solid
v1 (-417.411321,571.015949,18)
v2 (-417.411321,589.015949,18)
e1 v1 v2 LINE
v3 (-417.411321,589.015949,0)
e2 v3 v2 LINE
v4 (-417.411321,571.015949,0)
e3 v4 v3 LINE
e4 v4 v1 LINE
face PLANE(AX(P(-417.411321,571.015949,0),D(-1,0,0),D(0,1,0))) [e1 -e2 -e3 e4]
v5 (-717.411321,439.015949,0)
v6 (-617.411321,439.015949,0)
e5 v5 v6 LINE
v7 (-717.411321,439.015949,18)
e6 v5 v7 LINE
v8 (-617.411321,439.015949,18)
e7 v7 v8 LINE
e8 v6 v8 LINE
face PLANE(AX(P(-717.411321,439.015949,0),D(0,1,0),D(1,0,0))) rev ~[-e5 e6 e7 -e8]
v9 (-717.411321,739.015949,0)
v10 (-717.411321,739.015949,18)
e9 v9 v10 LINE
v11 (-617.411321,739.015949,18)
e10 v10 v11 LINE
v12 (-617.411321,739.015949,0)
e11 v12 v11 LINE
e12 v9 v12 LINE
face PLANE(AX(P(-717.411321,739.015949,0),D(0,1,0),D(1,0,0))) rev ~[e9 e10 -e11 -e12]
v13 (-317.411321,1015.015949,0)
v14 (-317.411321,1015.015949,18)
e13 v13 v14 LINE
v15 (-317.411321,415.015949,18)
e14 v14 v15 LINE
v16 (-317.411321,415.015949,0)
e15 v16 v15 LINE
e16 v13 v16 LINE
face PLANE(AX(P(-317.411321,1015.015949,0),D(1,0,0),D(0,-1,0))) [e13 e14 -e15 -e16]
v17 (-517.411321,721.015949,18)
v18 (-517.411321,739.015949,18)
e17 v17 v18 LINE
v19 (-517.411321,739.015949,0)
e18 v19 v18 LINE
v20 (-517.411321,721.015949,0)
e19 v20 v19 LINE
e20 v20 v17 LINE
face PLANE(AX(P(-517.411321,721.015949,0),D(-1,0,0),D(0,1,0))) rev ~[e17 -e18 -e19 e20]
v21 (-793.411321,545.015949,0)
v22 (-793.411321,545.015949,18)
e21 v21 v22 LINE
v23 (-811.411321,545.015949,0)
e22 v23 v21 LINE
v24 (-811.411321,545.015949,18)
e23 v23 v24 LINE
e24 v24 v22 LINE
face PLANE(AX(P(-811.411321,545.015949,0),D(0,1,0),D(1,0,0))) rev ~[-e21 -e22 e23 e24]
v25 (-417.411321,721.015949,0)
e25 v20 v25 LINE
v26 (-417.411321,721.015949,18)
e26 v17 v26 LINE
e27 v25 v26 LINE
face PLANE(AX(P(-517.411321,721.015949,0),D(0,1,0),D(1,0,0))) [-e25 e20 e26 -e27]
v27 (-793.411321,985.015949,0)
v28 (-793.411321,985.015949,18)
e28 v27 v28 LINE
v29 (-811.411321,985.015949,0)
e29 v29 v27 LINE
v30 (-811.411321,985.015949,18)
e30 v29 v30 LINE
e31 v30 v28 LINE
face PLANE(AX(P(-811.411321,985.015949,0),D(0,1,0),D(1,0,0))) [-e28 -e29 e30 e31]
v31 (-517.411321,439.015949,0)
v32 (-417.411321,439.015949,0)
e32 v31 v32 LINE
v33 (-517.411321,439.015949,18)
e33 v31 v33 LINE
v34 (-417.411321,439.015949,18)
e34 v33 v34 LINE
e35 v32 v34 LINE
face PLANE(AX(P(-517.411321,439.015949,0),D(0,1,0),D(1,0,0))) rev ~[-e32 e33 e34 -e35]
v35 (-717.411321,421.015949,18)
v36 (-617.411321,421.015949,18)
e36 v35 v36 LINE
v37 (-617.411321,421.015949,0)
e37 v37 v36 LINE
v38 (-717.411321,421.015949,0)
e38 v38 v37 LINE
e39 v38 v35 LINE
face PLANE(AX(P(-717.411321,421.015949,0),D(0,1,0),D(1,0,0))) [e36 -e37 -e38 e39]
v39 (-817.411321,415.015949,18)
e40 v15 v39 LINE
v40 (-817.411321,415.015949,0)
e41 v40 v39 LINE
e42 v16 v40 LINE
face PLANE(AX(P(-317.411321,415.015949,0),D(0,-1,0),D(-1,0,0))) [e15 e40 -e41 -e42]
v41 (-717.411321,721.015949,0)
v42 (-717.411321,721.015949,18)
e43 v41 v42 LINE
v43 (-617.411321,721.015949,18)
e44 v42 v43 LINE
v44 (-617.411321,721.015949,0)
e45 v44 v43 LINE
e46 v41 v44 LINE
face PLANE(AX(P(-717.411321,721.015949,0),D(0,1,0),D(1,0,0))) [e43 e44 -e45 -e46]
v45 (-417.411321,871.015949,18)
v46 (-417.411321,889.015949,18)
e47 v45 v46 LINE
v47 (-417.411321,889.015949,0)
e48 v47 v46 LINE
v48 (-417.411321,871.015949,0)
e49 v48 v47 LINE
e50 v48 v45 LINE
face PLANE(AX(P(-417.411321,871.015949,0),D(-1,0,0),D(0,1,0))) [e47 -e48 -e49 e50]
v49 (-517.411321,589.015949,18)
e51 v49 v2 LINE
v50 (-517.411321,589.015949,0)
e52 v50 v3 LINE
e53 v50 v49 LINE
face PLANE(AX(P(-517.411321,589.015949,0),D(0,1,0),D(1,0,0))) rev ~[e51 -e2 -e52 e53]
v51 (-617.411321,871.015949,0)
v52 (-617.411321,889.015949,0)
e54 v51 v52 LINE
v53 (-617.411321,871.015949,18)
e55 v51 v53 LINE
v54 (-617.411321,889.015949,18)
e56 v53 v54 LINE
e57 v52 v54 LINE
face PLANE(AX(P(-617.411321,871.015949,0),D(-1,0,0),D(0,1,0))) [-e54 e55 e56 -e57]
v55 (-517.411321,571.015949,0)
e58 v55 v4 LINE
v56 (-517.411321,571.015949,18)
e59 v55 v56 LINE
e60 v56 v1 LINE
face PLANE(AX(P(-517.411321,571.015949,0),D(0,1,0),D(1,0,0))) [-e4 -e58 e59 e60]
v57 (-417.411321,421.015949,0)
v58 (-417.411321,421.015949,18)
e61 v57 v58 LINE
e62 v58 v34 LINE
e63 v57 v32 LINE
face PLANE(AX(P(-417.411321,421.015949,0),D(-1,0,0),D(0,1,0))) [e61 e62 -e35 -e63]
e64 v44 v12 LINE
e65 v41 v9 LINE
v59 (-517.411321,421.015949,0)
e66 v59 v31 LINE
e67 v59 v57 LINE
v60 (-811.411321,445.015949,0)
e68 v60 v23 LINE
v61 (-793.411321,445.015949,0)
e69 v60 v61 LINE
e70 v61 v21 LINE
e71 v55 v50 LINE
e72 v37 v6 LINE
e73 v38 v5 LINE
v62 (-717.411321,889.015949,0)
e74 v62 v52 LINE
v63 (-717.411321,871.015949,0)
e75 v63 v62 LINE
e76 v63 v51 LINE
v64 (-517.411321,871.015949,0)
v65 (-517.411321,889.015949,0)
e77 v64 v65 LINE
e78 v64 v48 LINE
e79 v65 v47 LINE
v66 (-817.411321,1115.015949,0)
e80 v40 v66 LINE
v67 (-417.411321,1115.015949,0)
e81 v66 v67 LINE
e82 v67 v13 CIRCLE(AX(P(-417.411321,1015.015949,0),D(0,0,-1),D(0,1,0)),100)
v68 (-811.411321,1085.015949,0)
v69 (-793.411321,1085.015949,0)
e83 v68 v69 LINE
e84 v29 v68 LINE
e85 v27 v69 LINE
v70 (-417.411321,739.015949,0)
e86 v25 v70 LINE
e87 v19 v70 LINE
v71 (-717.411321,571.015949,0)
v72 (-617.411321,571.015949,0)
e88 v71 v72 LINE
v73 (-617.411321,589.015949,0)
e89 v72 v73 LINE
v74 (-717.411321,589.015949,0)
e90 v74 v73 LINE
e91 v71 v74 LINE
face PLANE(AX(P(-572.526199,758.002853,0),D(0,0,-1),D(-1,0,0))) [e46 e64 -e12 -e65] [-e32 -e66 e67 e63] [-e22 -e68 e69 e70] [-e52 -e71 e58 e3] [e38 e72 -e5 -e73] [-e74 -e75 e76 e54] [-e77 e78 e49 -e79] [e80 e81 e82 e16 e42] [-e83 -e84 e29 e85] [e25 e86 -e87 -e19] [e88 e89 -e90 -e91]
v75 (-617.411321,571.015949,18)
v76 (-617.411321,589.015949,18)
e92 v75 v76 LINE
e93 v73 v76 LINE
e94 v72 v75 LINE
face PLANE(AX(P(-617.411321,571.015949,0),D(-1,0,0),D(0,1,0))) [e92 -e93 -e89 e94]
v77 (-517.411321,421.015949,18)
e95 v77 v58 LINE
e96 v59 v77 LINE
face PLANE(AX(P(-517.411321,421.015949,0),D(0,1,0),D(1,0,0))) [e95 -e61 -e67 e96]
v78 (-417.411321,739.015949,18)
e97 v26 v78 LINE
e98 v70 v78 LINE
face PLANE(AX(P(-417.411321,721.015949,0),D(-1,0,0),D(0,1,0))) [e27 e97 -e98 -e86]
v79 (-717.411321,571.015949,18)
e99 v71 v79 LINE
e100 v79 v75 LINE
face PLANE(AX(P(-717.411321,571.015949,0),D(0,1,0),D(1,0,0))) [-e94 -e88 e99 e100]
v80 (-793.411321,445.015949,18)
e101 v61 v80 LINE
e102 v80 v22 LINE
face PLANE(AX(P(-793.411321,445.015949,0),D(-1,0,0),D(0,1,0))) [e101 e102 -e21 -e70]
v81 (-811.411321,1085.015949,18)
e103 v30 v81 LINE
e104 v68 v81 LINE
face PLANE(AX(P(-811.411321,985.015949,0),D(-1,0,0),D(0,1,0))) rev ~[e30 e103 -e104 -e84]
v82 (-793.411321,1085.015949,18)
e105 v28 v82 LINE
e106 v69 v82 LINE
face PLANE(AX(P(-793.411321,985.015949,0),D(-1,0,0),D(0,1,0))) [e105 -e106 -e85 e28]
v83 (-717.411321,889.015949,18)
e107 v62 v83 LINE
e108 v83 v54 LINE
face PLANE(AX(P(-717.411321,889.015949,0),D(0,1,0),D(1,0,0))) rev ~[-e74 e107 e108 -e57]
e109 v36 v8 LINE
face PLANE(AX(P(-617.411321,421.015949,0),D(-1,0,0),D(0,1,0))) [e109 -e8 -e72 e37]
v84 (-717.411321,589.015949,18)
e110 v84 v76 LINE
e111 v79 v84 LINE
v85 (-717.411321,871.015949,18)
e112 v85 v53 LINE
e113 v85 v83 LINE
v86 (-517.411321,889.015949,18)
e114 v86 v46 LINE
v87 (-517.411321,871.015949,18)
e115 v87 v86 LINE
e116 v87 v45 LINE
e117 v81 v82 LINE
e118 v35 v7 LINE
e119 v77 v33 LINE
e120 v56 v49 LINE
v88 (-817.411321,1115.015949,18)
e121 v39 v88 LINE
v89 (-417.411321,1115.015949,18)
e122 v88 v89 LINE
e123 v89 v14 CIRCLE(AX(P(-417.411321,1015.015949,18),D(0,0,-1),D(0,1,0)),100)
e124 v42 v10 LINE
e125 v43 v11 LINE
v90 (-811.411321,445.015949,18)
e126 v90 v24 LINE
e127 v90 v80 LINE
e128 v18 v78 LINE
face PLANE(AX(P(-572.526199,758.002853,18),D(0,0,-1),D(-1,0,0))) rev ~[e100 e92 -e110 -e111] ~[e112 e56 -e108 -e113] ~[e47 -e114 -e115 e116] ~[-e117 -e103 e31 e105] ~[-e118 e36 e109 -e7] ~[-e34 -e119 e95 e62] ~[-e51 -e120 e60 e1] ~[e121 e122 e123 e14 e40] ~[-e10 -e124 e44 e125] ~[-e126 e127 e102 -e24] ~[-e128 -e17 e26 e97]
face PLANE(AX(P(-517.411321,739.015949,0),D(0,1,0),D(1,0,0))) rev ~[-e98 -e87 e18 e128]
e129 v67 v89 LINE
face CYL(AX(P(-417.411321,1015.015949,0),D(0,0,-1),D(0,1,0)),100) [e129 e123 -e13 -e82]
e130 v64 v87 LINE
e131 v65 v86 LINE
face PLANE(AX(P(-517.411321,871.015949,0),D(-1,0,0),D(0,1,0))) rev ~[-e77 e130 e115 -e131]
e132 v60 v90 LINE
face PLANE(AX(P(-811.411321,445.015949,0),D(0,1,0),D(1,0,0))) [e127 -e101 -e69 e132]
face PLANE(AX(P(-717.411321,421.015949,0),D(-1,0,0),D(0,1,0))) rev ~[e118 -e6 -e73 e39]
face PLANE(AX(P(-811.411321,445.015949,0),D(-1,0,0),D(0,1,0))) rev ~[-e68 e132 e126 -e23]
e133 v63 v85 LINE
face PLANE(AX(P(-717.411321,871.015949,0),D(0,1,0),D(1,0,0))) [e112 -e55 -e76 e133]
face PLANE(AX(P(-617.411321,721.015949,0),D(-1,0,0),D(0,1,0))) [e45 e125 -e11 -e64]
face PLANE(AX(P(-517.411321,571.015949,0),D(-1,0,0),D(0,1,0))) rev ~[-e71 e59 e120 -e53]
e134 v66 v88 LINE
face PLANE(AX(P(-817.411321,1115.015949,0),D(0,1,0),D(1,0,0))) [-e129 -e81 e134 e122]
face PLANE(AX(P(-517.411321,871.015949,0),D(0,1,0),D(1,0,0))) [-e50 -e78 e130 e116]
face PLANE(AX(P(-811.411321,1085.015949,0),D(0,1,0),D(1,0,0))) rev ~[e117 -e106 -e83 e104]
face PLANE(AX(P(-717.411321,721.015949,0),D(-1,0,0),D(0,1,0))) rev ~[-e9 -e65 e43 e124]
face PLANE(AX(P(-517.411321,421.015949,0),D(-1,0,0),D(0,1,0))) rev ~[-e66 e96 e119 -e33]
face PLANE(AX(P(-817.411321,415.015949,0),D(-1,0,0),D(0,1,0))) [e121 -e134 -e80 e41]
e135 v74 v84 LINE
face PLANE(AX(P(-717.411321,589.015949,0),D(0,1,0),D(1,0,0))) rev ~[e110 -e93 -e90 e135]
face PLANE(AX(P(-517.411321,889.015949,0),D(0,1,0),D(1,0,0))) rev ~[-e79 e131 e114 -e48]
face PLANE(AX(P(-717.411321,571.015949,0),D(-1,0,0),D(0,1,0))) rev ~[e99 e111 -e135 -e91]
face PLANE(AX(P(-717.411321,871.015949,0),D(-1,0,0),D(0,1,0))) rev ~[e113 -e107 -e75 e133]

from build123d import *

# Parameters (mm, degrees)
SKETCH1_W           = 100
SKETCH1_H           = 18
SKETCH1_W_2         = 18
SKETCH1_H_2         = 100
BOSS_EXTRUDE1_DEPTH = 18


with BuildPart() as part:
    # Sketch1 → Boss-Extrude1 (new body)
    with BuildSketch(Plane.XY):
        with BuildLine():
            Line((-817.41132124, 1115.015948799), (-417.41132124, 1115.015948799))
            ThreePointArc((-417.41132124, 1115.015948799), (-346.700643121, 1085.726626917), (-317.41132124, 1015.015948799))
            Line((-317.41132124, 1015.015948799), (-317.41132124, 415.015948799))
            Line((-317.41132124, 415.015948799), (-817.41132124, 415.015948799))
            Line((-817.41132124, 415.015948799), (-817.41132124, 1115.015948799))
        make_face()
        with Locations((-667.41132124, 430.015948799)):
            Rectangle(SKETCH1_W, SKETCH1_H, mode=Mode.SUBTRACT)
        with Locations((-467.41132124, 580.015948799)):
            Rectangle(SKETCH1_W, SKETCH1_H, mode=Mode.SUBTRACT)
        with Locations((-467.41132124, 430.015948799)):
            Rectangle(SKETCH1_W, SKETCH1_H, mode=Mode.SUBTRACT)
        with Locations((-667.41132124, 580.015948799)):
            Rectangle(SKETCH1_W, SKETCH1_H, mode=Mode.SUBTRACT)
        with Locations((-467.41132124, 730.015948799)):
            Rectangle(SKETCH1_W, SKETCH1_H, mode=Mode.SUBTRACT)
        with Locations((-667.41132124, 730.015948799)):
            Rectangle(SKETCH1_W, SKETCH1_H, mode=Mode.SUBTRACT)
        with Locations((-467.41132124, 880.015948799)):
            Rectangle(SKETCH1_W, SKETCH1_H, mode=Mode.SUBTRACT)
        with Locations((-667.41132124, 880.015948799)):
            Rectangle(SKETCH1_W, SKETCH1_H, mode=Mode.SUBTRACT)
        with Locations((-802.41132124, 495.015948799)):
            Rectangle(SKETCH1_W_2, SKETCH1_H_2, mode=Mode.SUBTRACT)
        with Locations((-802.41132124, 1035.015948799)):
            Rectangle(SKETCH1_W_2, SKETCH1_H_2, mode=Mode.SUBTRACT)
    extrude(amount=BOSS_EXTRUDE1_DEPTH)


solid = part.part
